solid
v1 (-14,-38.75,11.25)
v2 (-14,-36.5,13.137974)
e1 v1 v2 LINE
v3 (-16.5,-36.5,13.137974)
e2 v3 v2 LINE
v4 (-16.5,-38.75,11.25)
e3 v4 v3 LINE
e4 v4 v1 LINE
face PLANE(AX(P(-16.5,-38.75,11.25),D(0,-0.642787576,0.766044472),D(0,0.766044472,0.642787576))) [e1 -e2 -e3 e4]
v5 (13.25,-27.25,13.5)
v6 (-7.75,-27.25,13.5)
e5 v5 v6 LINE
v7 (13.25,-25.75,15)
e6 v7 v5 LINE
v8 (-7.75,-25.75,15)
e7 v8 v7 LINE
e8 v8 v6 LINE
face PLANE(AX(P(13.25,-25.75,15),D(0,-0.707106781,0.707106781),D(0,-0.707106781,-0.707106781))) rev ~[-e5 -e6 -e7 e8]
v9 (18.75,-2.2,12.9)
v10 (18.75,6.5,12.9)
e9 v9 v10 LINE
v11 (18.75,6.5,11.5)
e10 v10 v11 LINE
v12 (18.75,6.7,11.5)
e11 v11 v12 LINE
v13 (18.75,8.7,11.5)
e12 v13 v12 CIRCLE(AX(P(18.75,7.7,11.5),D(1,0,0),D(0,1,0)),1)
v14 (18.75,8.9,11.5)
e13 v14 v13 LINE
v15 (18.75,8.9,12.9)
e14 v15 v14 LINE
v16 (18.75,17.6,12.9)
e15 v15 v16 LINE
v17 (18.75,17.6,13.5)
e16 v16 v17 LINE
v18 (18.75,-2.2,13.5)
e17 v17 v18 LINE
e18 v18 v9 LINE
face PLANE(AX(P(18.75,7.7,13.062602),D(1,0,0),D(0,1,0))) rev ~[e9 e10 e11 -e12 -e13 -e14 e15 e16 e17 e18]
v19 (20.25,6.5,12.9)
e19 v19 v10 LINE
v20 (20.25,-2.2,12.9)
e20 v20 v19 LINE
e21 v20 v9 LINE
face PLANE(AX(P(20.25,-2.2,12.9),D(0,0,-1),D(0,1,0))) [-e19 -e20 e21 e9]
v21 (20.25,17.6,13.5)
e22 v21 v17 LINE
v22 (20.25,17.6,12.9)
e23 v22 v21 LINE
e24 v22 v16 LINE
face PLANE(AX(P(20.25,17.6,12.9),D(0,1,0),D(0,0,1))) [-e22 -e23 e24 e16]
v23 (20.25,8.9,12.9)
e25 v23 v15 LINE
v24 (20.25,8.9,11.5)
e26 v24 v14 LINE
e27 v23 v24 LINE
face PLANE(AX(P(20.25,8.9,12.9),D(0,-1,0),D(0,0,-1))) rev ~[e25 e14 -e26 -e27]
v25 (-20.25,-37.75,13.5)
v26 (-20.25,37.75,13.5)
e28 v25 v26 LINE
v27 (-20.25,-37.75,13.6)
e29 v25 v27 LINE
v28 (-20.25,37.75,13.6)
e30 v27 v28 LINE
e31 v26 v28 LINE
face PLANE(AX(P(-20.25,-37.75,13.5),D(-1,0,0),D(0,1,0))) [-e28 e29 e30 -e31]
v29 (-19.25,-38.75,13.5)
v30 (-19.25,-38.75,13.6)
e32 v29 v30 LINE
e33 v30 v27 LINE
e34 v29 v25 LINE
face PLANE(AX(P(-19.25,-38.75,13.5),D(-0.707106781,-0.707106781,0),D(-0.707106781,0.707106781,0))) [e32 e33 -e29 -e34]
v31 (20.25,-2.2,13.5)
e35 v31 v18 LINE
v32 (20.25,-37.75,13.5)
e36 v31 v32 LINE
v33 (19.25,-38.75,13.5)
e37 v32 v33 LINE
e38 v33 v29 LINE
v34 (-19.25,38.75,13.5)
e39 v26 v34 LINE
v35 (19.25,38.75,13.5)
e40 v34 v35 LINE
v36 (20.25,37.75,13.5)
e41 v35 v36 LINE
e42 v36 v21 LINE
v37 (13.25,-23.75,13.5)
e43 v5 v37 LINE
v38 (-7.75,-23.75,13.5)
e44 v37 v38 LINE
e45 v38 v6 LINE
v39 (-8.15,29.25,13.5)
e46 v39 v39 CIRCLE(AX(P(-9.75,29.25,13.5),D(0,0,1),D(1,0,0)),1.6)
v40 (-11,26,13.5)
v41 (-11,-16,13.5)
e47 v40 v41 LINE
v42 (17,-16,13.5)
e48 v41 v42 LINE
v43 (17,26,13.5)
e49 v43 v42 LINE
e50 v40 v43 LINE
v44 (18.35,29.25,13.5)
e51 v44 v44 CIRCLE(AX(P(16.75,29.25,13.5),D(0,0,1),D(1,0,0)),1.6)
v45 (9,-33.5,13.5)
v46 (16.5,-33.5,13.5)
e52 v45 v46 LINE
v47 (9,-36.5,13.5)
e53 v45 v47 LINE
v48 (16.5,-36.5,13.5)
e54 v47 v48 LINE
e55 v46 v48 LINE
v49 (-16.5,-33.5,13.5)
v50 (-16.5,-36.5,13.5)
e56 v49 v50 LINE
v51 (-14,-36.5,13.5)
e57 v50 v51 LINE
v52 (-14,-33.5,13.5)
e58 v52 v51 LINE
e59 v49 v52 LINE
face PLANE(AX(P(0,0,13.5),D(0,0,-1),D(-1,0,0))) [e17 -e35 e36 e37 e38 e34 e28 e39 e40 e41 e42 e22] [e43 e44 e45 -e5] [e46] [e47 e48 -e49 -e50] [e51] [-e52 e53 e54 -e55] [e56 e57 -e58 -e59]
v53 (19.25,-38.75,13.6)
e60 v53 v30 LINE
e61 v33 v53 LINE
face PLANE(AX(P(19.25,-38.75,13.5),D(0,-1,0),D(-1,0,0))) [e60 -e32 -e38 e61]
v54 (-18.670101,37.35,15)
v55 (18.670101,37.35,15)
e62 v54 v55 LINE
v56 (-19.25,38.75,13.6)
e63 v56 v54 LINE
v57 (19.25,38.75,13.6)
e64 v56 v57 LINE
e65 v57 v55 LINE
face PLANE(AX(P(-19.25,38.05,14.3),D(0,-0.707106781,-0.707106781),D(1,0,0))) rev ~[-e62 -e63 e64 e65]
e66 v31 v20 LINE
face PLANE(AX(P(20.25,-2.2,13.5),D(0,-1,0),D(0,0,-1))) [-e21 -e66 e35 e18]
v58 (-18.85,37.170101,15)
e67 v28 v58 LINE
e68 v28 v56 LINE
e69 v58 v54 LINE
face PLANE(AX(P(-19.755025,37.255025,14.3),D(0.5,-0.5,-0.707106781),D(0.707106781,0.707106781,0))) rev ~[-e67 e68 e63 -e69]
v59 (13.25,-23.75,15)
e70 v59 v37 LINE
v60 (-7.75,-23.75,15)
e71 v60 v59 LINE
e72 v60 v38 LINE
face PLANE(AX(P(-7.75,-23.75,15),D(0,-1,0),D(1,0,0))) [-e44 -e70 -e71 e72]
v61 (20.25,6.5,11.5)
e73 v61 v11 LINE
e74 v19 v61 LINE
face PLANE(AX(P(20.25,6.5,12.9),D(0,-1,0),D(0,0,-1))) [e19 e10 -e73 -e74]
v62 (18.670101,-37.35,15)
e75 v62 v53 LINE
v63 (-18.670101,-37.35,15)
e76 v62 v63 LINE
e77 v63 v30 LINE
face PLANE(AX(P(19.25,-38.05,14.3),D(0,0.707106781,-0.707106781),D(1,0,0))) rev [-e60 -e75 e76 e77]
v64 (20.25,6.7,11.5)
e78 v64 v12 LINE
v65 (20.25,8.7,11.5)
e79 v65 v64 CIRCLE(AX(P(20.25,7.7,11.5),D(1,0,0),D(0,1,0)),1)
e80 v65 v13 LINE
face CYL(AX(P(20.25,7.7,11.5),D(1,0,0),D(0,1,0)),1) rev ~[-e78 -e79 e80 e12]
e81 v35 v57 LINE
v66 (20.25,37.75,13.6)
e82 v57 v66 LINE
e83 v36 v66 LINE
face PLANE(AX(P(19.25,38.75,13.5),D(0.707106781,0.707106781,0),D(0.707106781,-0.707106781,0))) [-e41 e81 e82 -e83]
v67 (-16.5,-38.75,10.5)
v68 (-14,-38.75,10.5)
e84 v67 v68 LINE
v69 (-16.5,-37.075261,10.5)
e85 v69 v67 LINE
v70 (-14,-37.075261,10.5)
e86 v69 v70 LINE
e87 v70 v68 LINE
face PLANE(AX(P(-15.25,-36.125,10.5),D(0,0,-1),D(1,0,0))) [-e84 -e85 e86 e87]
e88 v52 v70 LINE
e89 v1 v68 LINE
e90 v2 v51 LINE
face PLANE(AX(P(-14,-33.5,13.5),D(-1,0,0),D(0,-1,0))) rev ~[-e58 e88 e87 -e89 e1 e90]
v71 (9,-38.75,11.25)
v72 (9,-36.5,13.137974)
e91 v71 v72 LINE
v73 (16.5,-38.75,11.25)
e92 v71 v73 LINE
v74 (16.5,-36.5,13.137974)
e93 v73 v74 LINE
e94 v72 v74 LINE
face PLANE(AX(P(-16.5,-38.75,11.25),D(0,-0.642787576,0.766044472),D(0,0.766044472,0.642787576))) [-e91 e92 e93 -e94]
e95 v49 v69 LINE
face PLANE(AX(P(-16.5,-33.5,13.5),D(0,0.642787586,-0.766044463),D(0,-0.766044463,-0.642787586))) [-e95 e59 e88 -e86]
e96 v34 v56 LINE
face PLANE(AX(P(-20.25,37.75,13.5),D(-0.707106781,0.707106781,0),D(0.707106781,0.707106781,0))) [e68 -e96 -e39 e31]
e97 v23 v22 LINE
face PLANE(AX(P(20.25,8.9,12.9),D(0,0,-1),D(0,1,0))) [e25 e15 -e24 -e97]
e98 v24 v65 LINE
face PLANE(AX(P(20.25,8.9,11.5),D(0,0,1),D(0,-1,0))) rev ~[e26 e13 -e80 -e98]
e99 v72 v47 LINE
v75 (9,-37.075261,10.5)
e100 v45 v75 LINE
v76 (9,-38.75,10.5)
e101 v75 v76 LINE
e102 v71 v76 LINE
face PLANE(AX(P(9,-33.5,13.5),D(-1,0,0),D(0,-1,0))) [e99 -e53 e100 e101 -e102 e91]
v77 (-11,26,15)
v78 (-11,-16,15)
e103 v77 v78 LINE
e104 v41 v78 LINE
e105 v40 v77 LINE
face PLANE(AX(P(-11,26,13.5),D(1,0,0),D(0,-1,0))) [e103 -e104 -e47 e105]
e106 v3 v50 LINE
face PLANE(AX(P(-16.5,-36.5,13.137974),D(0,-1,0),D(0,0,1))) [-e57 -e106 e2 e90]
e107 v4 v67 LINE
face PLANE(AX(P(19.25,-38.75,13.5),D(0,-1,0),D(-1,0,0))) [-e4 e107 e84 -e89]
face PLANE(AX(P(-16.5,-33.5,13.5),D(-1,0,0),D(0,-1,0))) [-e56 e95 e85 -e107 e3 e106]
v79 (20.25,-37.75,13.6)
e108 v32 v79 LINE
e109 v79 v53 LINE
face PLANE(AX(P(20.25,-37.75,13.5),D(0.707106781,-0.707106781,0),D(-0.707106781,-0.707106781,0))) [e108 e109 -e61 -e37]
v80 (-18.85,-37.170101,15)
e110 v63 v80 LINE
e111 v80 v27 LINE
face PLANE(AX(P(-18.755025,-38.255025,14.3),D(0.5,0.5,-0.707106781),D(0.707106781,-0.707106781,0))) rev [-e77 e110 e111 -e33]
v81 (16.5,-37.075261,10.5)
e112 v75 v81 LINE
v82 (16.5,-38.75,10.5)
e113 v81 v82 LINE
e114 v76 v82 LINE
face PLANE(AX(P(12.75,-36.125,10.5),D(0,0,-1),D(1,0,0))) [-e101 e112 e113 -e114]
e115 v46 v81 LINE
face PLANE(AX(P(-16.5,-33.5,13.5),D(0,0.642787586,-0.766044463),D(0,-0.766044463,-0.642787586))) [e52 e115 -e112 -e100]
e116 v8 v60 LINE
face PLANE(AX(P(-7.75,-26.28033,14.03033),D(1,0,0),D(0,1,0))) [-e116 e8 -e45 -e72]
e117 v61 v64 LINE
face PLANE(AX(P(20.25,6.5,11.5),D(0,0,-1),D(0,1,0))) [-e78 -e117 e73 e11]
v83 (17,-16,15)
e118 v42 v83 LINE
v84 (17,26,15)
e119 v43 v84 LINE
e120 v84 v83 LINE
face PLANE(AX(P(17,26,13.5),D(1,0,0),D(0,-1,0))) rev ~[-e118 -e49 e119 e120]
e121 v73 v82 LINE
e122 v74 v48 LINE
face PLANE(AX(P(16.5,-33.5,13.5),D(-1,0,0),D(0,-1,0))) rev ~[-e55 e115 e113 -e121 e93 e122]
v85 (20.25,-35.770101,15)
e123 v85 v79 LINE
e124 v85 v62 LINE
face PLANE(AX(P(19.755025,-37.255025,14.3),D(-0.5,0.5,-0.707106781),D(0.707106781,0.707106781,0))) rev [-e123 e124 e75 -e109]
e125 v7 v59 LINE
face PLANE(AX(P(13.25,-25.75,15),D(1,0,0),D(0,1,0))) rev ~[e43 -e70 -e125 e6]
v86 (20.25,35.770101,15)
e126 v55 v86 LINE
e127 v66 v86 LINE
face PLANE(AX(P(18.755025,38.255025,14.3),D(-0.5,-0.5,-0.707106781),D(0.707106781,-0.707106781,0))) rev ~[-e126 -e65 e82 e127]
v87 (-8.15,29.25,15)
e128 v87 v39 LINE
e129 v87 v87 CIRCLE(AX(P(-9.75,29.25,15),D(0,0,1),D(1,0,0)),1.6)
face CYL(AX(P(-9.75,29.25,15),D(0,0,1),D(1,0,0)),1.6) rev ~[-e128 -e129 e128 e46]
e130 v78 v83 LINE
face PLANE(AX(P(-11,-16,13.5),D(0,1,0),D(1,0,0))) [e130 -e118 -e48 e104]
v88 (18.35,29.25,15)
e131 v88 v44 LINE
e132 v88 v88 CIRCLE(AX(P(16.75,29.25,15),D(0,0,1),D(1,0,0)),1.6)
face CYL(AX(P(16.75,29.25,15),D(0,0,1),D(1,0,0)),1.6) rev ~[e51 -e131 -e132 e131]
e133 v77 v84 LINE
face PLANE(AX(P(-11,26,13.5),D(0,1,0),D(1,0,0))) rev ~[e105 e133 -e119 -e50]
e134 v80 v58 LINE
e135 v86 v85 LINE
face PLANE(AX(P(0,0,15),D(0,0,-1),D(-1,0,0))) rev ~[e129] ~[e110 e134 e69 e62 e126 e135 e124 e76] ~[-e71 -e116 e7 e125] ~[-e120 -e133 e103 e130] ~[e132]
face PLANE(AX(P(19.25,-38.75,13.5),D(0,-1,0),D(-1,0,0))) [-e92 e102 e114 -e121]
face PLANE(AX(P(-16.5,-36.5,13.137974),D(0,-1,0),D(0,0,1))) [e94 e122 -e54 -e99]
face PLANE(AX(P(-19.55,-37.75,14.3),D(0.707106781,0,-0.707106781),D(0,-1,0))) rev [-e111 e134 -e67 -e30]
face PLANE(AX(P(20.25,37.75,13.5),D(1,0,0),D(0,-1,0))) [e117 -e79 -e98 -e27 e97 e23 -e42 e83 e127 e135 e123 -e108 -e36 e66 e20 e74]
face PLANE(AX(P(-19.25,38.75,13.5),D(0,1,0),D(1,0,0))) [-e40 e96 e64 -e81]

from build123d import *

# Parameters (mm, degrees)
PAD014_DEPTH       = 1.5
SKETCH020_W        = 2.5
SKETCH020_H        = 5.25
SKETCH020_W_2      = 7.5
PAD015_DEPTH       = 3
POCKET012015_DEPTH = 36.751
SKETCH024_R        = 1.6
POCKET012016_DEPTH = 4.501
SKETCH026_W        = 21
SKETCH026_H        = 2
POCKET012017_DEPTH = 4.501
POCKET012018_DEPTH = 21
SKETCH038_W        = 28
SKETCH038_H        = 42
POCKET012019_DEPTH = 1.501
PAD017_DEPTH       = 1.5
CHAMFER001_SIZE    = 1.4


with BuildPart() as part:
    # Sketch016 → Pad014 (new body)
    with BuildSketch(Plane.XY.offset(13.5)):
        Polygon((-19.25, 38.75), (19.25, 38.75), (20.25, 37.75), (20.25, -37.75), (19.25, -38.75), (-19.25, -38.75), (-20.25, -37.75), (-20.25, 37.75), align=None)
    extrude(amount=PAD014_DEPTH)

    # Sketch020 → Pad015 (new body)
    with BuildSketch(Plane(origin=(0, 0, 13.5), x_dir=(1, 0, 0), z_dir=(0, 0, -1))):
        with Locations((-15.25, 36.125)):
            Rectangle(SKETCH020_W, SKETCH020_H)
        with Locations((12.75, 36.125)):
            Rectangle(SKETCH020_W_2, SKETCH020_H)
    extrude(amount=PAD015_DEPTH)

    # Sketch021 → Pocket012015 (cut, through all)
    with BuildSketch(Plane(origin=(-16.5, 0, 13.5), x_dir=(0, -1, 0), z_dir=(-1, 0, 0))):
        Polygon((36.5, 0), (38.75, 0), (38.75, -2.25), (36.5, -0.362026), align=None)
        Polygon((33.5, 0), (37.075261, -3), (33.5, -3), align=None)
    extrude(amount=-POCKET012015_DEPTH, mode=Mode.SUBTRACT)

    # Sketch024 → Pocket012016 (cut, through all)
    with BuildSketch(Plane.XY.offset(15)):
        with Locations((-9.75, 29.25)):
            Circle(SKETCH024_R)
        with Locations((16.75, 29.25)):
            Circle(SKETCH024_R)
    extrude(amount=-POCKET012016_DEPTH, mode=Mode.SUBTRACT)

    # Sketch026 → Pocket012017 (cut, through all)
    with BuildSketch(Plane.XY.offset(15)):
        with Locations((2.75, -24.75)):
            Rectangle(SKETCH026_W, SKETCH026_H)
    extrude(amount=-POCKET012017_DEPTH, mode=Mode.SUBTRACT)

    # Sketch027 → Pocket012018 (cut)
    with BuildSketch(Plane(origin=(13.25, 0, 13.5), x_dir=(0, -1, 0), z_dir=(-1, 0, 0))):
        Polygon((25.75, 1.5), (27.25, 0), (25.75, 0), align=None)
    extrude(amount=POCKET012018_DEPTH, mode=Mode.SUBTRACT)

    # Sketch038 → Pocket012019 (cut, through all)
    with BuildSketch(Plane(origin=(0, 0, 13.5), x_dir=(1, 0, 0), z_dir=(0, 0, -1))):
        with Locations((3, -5)):
            Rectangle(SKETCH038_W, SKETCH038_H)
    extrude(amount=-POCKET012019_DEPTH, mode=Mode.SUBTRACT)

    # Sketch040 → Pad017 (new body)
    with BuildSketch(Plane(origin=(20.25, 0, 13.5), x_dir=(0, 1, 0), z_dir=(1, 0, 0))):
        with BuildLine():
            Line((17.6, 0), (-2.2, 0))
            Line((-2.2, 0), (-2.2, -0.6))
            Line((-2.2, -0.6), (6.5, -0.6))
            Line((6.5, -0.6), (6.5, -2))
            Line((6.5, -2), (6.7, -2))
            ThreePointArc((8.7, -2), (7.7, -1), (6.7, -2))
            Line((8.9, -2), (8.7, -2))
            Line((8.9, -0.6), (8.9, -2))
            Line((8.9, -0.6), (17.6, -0.6))
            Line((17.6, -0.6), (17.6, 0))
        make_face()
    extrude(amount=-PAD017_DEPTH)

    # Chamfer001
    chamfer001_edges = [part.edges().sort_by_distance(p)[0] for p in [
        (19.75, 38.25, 15),
        (0, 38.75, 15),
        (-19.75, 38.25, 15),
        (-20.25, 0, 15),
        (-19.75, -38.25, 15),
        (0, -38.75, 15),
        (19.75, -38.25, 15),
    ]]
    chamfer(chamfer001_edges, length=CHAMFER001_SIZE)


solid = part.part
